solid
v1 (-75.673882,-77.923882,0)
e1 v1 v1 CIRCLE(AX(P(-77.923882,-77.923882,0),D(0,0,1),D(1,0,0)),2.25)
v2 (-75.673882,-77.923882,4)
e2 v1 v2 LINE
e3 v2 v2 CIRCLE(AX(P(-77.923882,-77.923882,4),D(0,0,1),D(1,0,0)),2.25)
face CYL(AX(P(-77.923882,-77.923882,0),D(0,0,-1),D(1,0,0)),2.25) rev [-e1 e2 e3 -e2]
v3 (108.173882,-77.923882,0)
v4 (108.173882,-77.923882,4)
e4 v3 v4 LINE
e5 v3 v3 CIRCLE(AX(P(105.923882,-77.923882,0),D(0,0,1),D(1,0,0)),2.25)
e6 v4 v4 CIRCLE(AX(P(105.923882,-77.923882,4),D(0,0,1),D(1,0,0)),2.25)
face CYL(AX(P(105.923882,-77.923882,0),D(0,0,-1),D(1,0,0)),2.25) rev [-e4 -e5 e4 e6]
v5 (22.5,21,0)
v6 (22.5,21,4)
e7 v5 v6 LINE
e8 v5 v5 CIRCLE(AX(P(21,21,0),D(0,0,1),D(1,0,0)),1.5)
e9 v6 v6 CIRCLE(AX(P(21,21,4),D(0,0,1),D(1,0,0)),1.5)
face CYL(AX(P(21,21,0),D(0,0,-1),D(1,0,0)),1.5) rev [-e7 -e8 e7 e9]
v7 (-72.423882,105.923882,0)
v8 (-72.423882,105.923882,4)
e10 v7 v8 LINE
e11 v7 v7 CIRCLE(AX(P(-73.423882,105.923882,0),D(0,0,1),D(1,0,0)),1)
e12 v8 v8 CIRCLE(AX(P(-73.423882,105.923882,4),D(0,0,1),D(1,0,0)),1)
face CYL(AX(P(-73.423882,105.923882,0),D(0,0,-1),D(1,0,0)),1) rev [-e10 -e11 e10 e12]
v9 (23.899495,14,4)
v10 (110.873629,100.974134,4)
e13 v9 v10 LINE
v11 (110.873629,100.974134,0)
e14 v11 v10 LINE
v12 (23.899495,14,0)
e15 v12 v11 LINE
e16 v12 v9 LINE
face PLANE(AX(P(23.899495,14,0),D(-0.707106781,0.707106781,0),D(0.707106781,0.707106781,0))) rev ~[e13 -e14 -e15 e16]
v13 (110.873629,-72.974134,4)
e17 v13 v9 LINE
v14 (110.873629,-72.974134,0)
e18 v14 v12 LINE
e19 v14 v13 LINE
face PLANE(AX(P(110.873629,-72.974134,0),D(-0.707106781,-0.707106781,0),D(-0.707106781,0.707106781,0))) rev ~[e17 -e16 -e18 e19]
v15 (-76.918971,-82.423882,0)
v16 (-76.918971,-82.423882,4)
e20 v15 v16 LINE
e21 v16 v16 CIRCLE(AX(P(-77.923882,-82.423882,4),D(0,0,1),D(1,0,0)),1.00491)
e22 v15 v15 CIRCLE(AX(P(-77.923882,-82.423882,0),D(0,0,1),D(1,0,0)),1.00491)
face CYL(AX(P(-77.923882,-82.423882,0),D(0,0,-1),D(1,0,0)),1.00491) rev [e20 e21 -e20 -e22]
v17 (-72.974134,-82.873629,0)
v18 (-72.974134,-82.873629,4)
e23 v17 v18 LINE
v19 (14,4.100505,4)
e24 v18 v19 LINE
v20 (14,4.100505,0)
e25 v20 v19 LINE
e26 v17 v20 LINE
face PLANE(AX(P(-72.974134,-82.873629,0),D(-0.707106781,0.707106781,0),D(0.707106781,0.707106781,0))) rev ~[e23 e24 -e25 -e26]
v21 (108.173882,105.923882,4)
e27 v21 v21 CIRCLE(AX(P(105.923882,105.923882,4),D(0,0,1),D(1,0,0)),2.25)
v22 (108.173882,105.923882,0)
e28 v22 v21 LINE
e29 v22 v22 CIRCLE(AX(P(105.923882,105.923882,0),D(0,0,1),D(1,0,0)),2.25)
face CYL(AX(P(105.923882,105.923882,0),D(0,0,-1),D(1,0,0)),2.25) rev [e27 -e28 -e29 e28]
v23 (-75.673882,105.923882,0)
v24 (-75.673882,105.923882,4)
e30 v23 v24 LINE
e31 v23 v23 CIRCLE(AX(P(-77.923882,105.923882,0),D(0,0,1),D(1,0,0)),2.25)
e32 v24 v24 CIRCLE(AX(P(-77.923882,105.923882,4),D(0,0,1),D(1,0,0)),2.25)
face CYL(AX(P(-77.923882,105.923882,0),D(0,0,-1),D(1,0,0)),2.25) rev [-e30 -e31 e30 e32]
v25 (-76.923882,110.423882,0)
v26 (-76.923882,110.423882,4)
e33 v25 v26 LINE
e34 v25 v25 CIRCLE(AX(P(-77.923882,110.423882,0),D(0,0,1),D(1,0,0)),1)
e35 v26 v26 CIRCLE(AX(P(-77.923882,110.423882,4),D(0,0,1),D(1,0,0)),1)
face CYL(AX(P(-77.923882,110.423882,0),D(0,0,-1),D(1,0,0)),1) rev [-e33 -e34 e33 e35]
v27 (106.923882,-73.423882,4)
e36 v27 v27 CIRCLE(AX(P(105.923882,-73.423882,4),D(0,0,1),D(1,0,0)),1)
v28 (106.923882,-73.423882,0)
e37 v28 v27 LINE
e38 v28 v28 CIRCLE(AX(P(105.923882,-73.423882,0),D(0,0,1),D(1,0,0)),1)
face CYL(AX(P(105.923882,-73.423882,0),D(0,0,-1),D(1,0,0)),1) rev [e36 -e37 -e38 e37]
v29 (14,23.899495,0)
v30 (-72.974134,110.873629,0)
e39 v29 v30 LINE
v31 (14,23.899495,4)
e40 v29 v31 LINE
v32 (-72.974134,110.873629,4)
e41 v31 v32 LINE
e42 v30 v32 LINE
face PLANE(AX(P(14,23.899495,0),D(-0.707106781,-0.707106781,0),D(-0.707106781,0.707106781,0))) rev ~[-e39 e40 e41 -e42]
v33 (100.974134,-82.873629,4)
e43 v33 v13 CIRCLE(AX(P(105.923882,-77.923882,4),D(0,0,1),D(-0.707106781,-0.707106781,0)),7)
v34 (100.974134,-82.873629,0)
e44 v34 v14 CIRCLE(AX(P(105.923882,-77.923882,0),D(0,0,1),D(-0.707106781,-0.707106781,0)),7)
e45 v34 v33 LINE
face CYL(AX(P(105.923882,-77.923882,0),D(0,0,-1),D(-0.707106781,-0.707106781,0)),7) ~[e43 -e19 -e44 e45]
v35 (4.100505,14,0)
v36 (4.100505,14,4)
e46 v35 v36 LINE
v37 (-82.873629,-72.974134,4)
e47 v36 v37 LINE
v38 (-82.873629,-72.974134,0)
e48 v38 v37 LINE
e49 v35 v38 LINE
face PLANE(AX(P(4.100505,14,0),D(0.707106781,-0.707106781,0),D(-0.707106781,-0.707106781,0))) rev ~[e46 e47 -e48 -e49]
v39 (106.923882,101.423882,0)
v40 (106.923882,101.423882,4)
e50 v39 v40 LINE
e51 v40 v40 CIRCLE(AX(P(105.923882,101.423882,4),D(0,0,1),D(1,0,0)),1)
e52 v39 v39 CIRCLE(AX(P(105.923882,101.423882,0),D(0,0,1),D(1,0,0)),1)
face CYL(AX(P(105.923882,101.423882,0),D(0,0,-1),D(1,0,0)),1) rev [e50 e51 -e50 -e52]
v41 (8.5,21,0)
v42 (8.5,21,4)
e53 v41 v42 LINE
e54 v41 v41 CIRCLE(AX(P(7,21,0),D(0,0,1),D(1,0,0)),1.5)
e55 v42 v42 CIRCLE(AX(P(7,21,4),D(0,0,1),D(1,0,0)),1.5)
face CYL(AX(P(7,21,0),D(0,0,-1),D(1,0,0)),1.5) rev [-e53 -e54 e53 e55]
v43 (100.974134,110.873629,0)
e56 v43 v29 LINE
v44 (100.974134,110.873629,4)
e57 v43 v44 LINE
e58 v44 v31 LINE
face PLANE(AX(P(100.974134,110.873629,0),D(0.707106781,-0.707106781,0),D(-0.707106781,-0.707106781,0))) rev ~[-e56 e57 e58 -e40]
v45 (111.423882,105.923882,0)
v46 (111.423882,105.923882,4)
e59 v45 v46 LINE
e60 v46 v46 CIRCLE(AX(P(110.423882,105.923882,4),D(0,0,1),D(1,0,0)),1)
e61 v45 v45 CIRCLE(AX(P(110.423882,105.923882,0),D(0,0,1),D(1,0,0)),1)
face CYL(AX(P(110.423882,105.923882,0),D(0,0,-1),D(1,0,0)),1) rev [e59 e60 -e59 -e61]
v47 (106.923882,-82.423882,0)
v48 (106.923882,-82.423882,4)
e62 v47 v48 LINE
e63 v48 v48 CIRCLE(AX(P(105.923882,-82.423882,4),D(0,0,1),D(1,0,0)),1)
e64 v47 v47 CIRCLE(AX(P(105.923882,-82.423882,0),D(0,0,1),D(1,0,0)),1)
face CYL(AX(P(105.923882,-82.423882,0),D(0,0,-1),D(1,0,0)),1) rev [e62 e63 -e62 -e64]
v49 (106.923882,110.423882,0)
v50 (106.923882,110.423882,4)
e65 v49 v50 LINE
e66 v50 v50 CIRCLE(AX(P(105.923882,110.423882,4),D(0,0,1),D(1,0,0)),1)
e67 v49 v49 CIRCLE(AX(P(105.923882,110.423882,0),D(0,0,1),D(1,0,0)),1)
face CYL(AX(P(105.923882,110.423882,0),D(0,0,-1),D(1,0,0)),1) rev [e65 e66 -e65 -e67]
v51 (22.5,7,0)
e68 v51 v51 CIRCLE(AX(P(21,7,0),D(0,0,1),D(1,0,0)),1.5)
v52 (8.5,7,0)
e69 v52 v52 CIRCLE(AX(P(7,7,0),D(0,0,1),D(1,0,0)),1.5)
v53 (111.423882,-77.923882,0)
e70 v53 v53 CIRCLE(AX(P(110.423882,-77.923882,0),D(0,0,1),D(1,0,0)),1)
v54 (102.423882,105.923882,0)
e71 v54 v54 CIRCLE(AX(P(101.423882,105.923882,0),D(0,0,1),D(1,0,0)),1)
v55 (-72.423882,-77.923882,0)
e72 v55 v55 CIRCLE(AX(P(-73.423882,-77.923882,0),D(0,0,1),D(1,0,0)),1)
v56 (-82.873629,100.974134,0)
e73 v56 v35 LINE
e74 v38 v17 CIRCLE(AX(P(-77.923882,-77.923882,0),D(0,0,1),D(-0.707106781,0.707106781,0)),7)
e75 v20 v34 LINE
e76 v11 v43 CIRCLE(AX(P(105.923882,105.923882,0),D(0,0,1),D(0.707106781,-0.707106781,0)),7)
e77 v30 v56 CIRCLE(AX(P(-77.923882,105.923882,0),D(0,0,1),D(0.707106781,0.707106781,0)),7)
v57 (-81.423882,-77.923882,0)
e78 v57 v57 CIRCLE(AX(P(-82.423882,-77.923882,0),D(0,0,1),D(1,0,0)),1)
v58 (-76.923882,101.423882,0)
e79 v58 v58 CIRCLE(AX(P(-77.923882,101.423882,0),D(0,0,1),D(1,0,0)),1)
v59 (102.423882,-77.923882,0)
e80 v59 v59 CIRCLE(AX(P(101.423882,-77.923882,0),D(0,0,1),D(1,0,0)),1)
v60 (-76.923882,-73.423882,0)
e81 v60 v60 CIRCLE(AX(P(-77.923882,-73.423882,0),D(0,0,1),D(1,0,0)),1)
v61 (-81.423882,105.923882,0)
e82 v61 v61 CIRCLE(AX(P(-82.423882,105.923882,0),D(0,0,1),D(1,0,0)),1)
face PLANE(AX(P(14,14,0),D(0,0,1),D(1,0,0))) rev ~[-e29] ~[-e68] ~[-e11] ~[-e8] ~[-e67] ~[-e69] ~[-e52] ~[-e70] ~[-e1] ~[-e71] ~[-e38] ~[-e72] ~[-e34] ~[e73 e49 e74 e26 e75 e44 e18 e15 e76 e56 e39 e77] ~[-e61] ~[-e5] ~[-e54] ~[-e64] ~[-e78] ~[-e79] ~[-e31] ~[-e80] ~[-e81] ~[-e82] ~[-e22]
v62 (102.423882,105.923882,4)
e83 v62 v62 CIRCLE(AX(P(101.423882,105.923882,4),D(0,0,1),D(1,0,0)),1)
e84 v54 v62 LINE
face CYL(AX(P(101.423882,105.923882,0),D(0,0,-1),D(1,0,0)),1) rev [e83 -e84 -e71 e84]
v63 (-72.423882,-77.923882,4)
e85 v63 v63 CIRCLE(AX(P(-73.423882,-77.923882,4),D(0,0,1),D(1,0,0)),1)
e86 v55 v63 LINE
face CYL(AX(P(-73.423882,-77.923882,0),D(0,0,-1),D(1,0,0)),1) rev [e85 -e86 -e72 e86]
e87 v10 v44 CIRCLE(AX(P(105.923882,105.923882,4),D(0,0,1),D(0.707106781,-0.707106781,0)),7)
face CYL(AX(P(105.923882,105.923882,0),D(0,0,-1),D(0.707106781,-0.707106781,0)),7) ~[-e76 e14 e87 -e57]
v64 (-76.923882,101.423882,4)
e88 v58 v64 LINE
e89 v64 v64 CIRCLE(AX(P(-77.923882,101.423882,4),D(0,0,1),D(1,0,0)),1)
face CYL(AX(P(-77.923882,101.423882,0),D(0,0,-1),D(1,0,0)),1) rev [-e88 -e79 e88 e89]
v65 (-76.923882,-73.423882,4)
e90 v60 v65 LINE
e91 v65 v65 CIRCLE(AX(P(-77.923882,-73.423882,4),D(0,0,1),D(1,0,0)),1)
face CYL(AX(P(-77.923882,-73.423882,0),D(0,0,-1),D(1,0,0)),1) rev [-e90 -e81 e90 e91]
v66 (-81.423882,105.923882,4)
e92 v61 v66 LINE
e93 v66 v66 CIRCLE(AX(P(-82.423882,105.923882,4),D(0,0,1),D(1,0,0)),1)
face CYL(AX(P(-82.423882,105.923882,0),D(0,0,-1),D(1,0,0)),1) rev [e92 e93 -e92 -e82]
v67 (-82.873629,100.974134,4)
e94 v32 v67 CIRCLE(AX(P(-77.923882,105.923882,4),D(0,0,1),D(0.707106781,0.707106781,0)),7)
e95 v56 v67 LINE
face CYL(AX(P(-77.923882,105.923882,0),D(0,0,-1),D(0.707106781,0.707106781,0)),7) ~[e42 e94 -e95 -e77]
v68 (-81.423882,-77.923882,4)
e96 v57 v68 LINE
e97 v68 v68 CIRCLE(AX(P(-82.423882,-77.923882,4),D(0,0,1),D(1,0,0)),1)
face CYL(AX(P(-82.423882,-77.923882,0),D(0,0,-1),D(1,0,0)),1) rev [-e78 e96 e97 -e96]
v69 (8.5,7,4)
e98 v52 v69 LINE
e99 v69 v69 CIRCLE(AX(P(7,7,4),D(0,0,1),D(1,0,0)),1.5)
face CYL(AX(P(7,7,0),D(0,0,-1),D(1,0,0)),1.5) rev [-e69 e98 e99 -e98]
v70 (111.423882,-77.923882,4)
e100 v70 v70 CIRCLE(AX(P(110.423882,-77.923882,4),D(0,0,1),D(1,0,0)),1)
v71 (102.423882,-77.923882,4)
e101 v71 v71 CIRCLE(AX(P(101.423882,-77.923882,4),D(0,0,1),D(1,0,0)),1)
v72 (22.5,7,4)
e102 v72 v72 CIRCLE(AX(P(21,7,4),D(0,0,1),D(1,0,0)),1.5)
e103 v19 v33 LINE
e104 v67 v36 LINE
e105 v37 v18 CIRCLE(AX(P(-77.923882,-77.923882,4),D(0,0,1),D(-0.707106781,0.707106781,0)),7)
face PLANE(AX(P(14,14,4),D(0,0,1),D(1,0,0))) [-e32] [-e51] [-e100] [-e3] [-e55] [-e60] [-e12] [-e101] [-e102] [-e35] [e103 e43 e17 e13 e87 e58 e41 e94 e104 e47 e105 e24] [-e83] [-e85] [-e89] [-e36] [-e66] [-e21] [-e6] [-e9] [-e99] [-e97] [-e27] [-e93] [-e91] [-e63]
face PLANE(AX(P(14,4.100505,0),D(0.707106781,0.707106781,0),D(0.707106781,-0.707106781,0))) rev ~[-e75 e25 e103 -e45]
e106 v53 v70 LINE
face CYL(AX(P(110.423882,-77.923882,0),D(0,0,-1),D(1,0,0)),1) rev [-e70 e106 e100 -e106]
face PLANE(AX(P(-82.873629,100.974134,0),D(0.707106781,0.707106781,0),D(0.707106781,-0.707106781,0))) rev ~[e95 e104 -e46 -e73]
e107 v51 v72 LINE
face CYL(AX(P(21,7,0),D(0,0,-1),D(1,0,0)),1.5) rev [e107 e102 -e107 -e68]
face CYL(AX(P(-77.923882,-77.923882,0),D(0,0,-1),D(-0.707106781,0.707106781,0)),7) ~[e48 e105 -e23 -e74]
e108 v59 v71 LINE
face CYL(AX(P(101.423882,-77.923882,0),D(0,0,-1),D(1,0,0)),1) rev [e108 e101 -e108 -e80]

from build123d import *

# Parameters (mm, degrees)
CROQUIS1_R              = 1.5
CROQUIS1_R_2            = 1
CROQUIS1_R_3            = 1.004910311
CROQUIS1_R_4            = 2.25
SALIENTE_EXTRUIR1_DEPTH = 4


with BuildPart() as part:
    # Croquis1 → Saliente-Extruir1 (new body)
    with BuildSketch(Plane.XY):
        with BuildLine():
            Line((-72.974134086, -82.873629023), (14, 4.100505063))
            Line((14, 4.100505063), (100.974134086, -82.873629023))
            ThreePointArc((100.974134086, -82.873629023), (110.873629023, -82.873629023), (110.873629023, -72.974134086))
            Line((110.873629023, -72.974134086), (23.899494937, 14))
            Line((23.899494937, 14), (110.873629023, 100.974134086))
            ThreePointArc((110.873629023, 100.974134086), (110.873629023, 110.873629023), (100.974134086, 110.873629023))
            Line((100.974134086, 110.873629023), (14, 23.899494937))
            Line((14, 23.899494937), (-72.974134086, 110.873629023))
            ThreePointArc((-72.974134086, 110.873629023), (-82.873629023, 110.873629023), (-82.873629023, 100.974134086))
            Line((-82.873629023, 100.974134086), (4.100505063, 14))
            Line((4.100505063, 14), (-82.873629023, -72.974134086))
            ThreePointArc((-82.873629023, -72.974134086), (-82.873629023, -82.873629023), (-72.974134086, -82.873629023))
        make_face()
        with Locations((7, 7)):
            Circle(CROQUIS1_R, mode=Mode.SUBTRACT)
        with Locations((21, 7)):
            Circle(CROQUIS1_R, mode=Mode.SUBTRACT)
        with Locations((-73.423881554, -77.923881554)):
            Circle(CROQUIS1_R_2, mode=Mode.SUBTRACT)
        with Locations((-77.923881554, -82.423881554)):
            Circle(CROQUIS1_R_3, mode=Mode.SUBTRACT)
        with Locations((-82.423881554, -77.923881554)):
            Circle(CROQUIS1_R_2, mode=Mode.SUBTRACT)
        with Locations((-77.923881554, -73.423881554)):
            Circle(CROQUIS1_R_2, mode=Mode.SUBTRACT)
        with Locations((7, 21)):
            Circle(CROQUIS1_R, mode=Mode.SUBTRACT)
        with Locations((110.423881554, -77.923881554)):
            Circle(CROQUIS1_R_2, mode=Mode.SUBTRACT)
        with Locations((105.923881554, -82.423881554)):
            Circle(CROQUIS1_R_2, mode=Mode.SUBTRACT)
        with Locations((101.423881554, -77.923881554)):
            Circle(CROQUIS1_R_2, mode=Mode.SUBTRACT)
        with Locations((105.923881554, -73.423881554)):
            Circle(CROQUIS1_R_2, mode=Mode.SUBTRACT)
        with Locations((-73.423881554, 105.923881554)):
            Circle(CROQUIS1_R_2, mode=Mode.SUBTRACT)
        with Locations((-77.923881554, 101.423881554)):
            Circle(CROQUIS1_R_2, mode=Mode.SUBTRACT)
        with Locations((-82.423881554, 105.923881554)):
            Circle(CROQUIS1_R_2, mode=Mode.SUBTRACT)
        with Locations((-77.923881554, 110.423881554)):
            Circle(CROQUIS1_R_2, mode=Mode.SUBTRACT)
        with Locations((21, 21)):
            Circle(CROQUIS1_R, mode=Mode.SUBTRACT)
        with Locations((110.423881554, 105.923881554)):
            Circle(CROQUIS1_R_2, mode=Mode.SUBTRACT)
        with Locations((105.923881554, 101.423881554)):
            Circle(CROQUIS1_R_2, mode=Mode.SUBTRACT)
        with Locations((101.423881554, 105.923881554)):
            Circle(CROQUIS1_R_2, mode=Mode.SUBTRACT)
        with Locations((105.923881554, 110.423881554)):
            Circle(CROQUIS1_R_2, mode=Mode.SUBTRACT)
        with Locations((-77.923881554, -77.923881554)):
            Circle(CROQUIS1_R_4, mode=Mode.SUBTRACT)
        with Locations((105.923881554, -77.923881554)):
            Circle(CROQUIS1_R_4, mode=Mode.SUBTRACT)
        with Locations((105.923881554, 105.923881554)):
            Circle(CROQUIS1_R_4, mode=Mode.SUBTRACT)
        with Locations((-77.923881554, 105.923881554)):
            Circle(CROQUIS1_R_4, mode=Mode.SUBTRACT)
    extrude(amount=SALIENTE_EXTRUIR1_DEPTH)


solid = part.part
